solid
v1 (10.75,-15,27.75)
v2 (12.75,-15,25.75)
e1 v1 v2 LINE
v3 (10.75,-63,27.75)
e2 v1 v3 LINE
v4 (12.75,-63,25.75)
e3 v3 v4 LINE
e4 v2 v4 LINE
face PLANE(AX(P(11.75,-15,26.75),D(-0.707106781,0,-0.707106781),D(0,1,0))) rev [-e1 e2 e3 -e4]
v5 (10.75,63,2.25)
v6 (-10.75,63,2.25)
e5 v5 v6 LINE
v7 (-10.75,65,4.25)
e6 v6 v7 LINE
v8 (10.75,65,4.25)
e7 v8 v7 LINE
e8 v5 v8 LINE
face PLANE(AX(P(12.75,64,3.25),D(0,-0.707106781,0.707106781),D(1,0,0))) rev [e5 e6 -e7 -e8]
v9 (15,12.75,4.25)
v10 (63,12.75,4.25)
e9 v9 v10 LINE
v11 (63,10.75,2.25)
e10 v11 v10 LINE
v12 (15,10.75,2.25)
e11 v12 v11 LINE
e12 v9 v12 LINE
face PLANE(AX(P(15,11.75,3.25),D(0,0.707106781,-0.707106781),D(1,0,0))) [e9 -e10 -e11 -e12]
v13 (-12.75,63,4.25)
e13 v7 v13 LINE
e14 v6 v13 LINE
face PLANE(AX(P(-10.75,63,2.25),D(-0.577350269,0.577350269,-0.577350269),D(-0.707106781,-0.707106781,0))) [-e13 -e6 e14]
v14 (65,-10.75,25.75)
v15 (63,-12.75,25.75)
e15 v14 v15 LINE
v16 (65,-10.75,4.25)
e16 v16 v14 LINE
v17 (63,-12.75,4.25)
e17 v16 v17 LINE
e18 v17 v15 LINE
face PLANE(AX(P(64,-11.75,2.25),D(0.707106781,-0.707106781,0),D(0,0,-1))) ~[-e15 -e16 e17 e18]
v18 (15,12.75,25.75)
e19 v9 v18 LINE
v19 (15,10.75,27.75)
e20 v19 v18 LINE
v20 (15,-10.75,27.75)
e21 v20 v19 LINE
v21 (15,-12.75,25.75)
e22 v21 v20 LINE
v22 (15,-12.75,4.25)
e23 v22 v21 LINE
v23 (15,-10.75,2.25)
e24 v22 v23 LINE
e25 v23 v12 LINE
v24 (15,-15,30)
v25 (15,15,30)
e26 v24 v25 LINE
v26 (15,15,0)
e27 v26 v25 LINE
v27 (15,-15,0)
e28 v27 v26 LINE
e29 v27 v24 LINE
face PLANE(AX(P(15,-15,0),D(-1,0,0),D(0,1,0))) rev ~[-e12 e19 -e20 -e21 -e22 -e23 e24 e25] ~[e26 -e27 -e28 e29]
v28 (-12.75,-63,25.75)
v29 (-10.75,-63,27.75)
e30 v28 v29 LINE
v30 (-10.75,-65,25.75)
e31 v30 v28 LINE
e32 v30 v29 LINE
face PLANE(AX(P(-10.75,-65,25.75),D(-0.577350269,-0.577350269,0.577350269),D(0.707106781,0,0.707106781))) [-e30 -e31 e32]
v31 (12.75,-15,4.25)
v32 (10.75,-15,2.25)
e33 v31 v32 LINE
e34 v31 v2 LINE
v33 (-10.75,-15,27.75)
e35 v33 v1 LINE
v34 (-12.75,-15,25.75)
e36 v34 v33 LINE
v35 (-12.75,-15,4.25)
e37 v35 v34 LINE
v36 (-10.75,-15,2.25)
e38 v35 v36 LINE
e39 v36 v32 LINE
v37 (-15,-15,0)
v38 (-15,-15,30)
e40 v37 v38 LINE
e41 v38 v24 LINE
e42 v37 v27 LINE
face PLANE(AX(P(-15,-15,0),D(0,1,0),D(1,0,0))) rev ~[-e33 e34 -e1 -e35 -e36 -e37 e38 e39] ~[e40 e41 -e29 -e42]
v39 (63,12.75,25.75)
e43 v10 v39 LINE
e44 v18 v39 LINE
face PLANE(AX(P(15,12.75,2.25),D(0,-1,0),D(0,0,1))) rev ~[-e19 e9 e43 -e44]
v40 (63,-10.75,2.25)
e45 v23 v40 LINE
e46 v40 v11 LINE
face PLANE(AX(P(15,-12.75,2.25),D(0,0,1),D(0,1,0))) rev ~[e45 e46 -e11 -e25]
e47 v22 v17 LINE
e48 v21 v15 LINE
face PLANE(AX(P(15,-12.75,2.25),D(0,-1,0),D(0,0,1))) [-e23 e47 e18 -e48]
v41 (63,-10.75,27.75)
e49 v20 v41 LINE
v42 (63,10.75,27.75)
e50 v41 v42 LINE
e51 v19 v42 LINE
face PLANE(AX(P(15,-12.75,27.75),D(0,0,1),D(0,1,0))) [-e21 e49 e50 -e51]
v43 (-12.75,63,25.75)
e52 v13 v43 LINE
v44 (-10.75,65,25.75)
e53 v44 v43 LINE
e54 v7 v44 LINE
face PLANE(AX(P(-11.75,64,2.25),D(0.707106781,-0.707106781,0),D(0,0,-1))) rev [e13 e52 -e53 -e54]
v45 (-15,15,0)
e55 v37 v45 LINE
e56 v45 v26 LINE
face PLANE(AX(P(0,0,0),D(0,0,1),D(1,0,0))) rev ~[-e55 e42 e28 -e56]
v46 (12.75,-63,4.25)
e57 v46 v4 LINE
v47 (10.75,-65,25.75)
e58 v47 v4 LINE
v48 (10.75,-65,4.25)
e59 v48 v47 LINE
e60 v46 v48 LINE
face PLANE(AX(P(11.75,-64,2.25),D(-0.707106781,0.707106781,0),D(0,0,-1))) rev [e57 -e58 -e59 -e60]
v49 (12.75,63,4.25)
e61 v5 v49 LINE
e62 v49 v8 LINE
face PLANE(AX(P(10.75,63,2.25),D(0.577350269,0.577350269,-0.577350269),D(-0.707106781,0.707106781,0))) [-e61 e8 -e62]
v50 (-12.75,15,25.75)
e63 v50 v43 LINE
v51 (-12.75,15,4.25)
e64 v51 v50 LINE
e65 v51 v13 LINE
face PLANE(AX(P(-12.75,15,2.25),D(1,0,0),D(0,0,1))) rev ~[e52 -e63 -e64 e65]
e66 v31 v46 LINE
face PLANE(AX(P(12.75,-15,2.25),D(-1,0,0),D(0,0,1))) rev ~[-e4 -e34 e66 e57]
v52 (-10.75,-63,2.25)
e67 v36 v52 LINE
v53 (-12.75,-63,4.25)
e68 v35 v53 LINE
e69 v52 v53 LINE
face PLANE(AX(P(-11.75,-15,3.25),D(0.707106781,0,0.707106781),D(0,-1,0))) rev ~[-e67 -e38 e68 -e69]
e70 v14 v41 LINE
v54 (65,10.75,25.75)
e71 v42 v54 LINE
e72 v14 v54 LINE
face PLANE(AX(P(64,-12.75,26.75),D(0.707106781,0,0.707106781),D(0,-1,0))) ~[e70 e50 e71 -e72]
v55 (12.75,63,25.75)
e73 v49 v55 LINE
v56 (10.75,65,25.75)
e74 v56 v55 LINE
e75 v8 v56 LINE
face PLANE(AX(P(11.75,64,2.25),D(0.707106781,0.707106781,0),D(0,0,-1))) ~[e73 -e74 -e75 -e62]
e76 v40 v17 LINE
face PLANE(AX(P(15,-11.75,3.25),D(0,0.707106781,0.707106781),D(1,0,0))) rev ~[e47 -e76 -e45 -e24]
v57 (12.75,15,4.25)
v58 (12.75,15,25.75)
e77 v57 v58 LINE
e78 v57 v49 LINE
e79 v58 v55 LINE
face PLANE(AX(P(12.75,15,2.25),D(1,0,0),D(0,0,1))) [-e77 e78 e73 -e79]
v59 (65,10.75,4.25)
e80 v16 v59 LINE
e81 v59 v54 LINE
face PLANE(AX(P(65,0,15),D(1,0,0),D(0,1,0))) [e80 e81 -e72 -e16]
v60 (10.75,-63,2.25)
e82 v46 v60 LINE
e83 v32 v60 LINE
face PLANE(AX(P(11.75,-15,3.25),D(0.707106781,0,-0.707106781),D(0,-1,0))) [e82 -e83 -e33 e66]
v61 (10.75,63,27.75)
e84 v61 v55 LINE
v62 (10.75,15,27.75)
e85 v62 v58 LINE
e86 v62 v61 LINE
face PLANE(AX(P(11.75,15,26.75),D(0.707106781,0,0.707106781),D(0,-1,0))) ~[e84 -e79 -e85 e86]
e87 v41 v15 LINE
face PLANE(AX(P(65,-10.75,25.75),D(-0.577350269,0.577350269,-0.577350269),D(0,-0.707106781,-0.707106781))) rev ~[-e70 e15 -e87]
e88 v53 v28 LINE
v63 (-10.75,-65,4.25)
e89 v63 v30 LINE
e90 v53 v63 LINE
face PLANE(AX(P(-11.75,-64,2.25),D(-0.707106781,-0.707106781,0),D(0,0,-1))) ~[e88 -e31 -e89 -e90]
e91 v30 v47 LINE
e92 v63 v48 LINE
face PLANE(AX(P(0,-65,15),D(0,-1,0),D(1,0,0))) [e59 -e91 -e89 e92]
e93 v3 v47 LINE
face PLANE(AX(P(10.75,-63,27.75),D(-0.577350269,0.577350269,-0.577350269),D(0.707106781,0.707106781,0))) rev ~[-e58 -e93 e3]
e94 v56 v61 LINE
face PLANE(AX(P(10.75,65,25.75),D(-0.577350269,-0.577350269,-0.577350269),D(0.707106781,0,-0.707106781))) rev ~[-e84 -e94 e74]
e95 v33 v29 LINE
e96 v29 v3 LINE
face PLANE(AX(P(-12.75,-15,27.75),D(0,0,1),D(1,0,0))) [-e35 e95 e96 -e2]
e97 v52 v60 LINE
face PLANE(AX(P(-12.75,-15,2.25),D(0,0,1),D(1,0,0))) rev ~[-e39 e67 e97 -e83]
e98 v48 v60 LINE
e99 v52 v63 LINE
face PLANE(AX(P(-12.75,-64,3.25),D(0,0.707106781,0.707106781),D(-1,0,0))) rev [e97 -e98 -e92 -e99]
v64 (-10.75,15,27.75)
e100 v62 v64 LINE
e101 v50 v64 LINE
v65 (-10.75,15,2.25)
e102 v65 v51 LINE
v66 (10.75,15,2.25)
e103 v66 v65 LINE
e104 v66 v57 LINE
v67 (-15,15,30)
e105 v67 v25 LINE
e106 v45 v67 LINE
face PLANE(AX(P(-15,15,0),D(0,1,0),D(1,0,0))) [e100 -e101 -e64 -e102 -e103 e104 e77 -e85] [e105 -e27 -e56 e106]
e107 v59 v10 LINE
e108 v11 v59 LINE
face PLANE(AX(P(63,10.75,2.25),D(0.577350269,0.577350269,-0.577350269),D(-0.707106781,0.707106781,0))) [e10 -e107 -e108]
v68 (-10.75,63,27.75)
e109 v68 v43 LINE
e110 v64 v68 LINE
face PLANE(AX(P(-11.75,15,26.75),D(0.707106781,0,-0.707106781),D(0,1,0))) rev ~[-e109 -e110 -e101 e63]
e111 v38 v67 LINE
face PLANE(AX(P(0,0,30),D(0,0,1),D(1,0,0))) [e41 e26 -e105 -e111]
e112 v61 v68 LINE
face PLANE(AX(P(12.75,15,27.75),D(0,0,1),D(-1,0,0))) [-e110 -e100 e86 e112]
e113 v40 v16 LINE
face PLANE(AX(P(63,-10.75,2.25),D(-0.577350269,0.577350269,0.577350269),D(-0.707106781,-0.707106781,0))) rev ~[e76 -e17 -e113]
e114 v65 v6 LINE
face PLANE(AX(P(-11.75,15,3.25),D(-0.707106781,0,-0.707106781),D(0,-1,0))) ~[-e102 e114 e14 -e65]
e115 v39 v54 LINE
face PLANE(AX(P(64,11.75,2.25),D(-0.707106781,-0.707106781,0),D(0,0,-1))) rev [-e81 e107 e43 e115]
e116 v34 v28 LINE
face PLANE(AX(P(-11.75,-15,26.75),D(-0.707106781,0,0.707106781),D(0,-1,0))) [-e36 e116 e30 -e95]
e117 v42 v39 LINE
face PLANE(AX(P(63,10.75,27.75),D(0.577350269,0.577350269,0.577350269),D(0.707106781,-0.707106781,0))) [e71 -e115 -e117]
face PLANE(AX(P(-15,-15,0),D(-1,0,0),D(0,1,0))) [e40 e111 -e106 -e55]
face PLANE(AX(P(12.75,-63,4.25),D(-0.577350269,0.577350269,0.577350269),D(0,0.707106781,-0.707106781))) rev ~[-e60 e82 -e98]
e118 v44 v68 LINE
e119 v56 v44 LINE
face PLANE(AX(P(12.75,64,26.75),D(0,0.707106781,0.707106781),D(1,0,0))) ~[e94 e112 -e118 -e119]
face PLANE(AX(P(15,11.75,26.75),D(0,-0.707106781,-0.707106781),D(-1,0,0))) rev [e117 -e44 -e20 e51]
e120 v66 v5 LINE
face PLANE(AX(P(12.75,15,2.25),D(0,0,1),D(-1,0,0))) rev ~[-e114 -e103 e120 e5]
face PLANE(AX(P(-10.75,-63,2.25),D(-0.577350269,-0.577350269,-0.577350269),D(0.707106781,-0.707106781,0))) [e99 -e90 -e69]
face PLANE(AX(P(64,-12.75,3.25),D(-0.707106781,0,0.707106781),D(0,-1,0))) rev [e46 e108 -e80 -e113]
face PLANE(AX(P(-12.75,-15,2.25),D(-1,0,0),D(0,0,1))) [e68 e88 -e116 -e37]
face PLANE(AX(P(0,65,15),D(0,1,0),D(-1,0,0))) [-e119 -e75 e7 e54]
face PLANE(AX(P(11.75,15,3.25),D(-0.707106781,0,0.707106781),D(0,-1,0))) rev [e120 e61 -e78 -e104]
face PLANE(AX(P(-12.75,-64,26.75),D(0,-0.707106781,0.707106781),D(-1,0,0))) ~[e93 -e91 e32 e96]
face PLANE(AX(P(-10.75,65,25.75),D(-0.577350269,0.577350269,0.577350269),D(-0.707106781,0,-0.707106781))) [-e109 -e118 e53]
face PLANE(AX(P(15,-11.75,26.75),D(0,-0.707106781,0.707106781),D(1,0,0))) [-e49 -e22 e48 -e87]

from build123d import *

# Parameters (mm, degrees)
SKETCH_W        = 30
SKETCH_H        = 30
PAD_DEPTH       = 30
SKETCH001_W     = 25.5
SKETCH001_H     = 25.5
PAD001_DEPTH    = 50
CHAMFER_SIZE    = 2
SKETCH002_W     = 25.5
SKETCH002_H     = 25.5
PAD002_DEPTH    = 50
CHAMFER001_SIZE = 2
SKETCH003_W     = 25.5
SKETCH003_H     = 25.5
PAD003_DEPTH    = 50
CHAMFER002_SIZE = 2


with BuildPart() as part:
    # Sketch → Pad (new body)
    with BuildSketch(Plane.XY):
        Rectangle(SKETCH_W, SKETCH_H)
    extrude(amount=PAD_DEPTH)

    # Sketch001 (on Face2 of Pad) → Pad001 (join)
    with BuildSketch(Plane.XZ.offset(15)):
        with Locations((0, 15)):
            Rectangle(SKETCH001_W, SKETCH001_H)
    extrude(amount=PAD001_DEPTH)

    # Chamfer
    chamfer_edges = [part.edges().sort_by_distance(p)[0] for p in [
        (-12.75, -40, 27.75),
        (-12.75, -65, 15),
        (-12.75, -40, 2.25),
        (0, -65, 2.25),
        (12.75, -65, 15),
        (0, -65, 27.75),
        (12.75, -40, 27.75),
        (12.75, -40, 2.25),
    ]]
    chamfer(chamfer_edges, length=CHAMFER_SIZE)

    # Sketch002 (on Face10 of Chamfer) → Pad002 (join)
    with BuildSketch(Plane.YZ.offset(15)):
        with Locations((0, 15)):
            Rectangle(SKETCH002_W, SKETCH002_H)
    extrude(amount=PAD002_DEPTH)

    # Chamfer001
    chamfer001_edges = [part.edges().sort_by_distance(p)[0] for p in [
        (65, 12.75, 15),
        (40, 12.75, 27.75),
        (40, -12.75, 27.75),
        (65, 0, 27.75),
        (65, -12.75, 15),
        (65, 0, 2.25),
        (40, -12.75, 2.25),
        (40, 12.75, 2.25),
    ]]
    chamfer(chamfer001_edges, length=CHAMFER001_SIZE)

    # Sketch003 (on Face10 of Chamfer001) → Pad003 (join)
    with BuildSketch(Plane(origin=(0, 15, 0), x_dir=(-1, 0, 0), z_dir=(0, 1, 0))):
        with Locations((0, 15)):
            Rectangle(SKETCH003_W, SKETCH003_H)
    extrude(amount=PAD003_DEPTH)

    # Chamfer002
    chamfer002_edges = [part.edges().sort_by_distance(p)[0] for p in [
        (12.75, 40, 27.75),
        (-12.75, 40, 27.75),
        (0, 65, 27.75),
        (-12.75, 65, 15),
        (12.75, 65, 15),
        (12.75, 40, 2.25),
        (0, 65, 2.25),
        (-12.75, 40, 2.25),
    ]]
    chamfer(chamfer002_edges, length=CHAMFER002_SIZE)


solid = part.part
